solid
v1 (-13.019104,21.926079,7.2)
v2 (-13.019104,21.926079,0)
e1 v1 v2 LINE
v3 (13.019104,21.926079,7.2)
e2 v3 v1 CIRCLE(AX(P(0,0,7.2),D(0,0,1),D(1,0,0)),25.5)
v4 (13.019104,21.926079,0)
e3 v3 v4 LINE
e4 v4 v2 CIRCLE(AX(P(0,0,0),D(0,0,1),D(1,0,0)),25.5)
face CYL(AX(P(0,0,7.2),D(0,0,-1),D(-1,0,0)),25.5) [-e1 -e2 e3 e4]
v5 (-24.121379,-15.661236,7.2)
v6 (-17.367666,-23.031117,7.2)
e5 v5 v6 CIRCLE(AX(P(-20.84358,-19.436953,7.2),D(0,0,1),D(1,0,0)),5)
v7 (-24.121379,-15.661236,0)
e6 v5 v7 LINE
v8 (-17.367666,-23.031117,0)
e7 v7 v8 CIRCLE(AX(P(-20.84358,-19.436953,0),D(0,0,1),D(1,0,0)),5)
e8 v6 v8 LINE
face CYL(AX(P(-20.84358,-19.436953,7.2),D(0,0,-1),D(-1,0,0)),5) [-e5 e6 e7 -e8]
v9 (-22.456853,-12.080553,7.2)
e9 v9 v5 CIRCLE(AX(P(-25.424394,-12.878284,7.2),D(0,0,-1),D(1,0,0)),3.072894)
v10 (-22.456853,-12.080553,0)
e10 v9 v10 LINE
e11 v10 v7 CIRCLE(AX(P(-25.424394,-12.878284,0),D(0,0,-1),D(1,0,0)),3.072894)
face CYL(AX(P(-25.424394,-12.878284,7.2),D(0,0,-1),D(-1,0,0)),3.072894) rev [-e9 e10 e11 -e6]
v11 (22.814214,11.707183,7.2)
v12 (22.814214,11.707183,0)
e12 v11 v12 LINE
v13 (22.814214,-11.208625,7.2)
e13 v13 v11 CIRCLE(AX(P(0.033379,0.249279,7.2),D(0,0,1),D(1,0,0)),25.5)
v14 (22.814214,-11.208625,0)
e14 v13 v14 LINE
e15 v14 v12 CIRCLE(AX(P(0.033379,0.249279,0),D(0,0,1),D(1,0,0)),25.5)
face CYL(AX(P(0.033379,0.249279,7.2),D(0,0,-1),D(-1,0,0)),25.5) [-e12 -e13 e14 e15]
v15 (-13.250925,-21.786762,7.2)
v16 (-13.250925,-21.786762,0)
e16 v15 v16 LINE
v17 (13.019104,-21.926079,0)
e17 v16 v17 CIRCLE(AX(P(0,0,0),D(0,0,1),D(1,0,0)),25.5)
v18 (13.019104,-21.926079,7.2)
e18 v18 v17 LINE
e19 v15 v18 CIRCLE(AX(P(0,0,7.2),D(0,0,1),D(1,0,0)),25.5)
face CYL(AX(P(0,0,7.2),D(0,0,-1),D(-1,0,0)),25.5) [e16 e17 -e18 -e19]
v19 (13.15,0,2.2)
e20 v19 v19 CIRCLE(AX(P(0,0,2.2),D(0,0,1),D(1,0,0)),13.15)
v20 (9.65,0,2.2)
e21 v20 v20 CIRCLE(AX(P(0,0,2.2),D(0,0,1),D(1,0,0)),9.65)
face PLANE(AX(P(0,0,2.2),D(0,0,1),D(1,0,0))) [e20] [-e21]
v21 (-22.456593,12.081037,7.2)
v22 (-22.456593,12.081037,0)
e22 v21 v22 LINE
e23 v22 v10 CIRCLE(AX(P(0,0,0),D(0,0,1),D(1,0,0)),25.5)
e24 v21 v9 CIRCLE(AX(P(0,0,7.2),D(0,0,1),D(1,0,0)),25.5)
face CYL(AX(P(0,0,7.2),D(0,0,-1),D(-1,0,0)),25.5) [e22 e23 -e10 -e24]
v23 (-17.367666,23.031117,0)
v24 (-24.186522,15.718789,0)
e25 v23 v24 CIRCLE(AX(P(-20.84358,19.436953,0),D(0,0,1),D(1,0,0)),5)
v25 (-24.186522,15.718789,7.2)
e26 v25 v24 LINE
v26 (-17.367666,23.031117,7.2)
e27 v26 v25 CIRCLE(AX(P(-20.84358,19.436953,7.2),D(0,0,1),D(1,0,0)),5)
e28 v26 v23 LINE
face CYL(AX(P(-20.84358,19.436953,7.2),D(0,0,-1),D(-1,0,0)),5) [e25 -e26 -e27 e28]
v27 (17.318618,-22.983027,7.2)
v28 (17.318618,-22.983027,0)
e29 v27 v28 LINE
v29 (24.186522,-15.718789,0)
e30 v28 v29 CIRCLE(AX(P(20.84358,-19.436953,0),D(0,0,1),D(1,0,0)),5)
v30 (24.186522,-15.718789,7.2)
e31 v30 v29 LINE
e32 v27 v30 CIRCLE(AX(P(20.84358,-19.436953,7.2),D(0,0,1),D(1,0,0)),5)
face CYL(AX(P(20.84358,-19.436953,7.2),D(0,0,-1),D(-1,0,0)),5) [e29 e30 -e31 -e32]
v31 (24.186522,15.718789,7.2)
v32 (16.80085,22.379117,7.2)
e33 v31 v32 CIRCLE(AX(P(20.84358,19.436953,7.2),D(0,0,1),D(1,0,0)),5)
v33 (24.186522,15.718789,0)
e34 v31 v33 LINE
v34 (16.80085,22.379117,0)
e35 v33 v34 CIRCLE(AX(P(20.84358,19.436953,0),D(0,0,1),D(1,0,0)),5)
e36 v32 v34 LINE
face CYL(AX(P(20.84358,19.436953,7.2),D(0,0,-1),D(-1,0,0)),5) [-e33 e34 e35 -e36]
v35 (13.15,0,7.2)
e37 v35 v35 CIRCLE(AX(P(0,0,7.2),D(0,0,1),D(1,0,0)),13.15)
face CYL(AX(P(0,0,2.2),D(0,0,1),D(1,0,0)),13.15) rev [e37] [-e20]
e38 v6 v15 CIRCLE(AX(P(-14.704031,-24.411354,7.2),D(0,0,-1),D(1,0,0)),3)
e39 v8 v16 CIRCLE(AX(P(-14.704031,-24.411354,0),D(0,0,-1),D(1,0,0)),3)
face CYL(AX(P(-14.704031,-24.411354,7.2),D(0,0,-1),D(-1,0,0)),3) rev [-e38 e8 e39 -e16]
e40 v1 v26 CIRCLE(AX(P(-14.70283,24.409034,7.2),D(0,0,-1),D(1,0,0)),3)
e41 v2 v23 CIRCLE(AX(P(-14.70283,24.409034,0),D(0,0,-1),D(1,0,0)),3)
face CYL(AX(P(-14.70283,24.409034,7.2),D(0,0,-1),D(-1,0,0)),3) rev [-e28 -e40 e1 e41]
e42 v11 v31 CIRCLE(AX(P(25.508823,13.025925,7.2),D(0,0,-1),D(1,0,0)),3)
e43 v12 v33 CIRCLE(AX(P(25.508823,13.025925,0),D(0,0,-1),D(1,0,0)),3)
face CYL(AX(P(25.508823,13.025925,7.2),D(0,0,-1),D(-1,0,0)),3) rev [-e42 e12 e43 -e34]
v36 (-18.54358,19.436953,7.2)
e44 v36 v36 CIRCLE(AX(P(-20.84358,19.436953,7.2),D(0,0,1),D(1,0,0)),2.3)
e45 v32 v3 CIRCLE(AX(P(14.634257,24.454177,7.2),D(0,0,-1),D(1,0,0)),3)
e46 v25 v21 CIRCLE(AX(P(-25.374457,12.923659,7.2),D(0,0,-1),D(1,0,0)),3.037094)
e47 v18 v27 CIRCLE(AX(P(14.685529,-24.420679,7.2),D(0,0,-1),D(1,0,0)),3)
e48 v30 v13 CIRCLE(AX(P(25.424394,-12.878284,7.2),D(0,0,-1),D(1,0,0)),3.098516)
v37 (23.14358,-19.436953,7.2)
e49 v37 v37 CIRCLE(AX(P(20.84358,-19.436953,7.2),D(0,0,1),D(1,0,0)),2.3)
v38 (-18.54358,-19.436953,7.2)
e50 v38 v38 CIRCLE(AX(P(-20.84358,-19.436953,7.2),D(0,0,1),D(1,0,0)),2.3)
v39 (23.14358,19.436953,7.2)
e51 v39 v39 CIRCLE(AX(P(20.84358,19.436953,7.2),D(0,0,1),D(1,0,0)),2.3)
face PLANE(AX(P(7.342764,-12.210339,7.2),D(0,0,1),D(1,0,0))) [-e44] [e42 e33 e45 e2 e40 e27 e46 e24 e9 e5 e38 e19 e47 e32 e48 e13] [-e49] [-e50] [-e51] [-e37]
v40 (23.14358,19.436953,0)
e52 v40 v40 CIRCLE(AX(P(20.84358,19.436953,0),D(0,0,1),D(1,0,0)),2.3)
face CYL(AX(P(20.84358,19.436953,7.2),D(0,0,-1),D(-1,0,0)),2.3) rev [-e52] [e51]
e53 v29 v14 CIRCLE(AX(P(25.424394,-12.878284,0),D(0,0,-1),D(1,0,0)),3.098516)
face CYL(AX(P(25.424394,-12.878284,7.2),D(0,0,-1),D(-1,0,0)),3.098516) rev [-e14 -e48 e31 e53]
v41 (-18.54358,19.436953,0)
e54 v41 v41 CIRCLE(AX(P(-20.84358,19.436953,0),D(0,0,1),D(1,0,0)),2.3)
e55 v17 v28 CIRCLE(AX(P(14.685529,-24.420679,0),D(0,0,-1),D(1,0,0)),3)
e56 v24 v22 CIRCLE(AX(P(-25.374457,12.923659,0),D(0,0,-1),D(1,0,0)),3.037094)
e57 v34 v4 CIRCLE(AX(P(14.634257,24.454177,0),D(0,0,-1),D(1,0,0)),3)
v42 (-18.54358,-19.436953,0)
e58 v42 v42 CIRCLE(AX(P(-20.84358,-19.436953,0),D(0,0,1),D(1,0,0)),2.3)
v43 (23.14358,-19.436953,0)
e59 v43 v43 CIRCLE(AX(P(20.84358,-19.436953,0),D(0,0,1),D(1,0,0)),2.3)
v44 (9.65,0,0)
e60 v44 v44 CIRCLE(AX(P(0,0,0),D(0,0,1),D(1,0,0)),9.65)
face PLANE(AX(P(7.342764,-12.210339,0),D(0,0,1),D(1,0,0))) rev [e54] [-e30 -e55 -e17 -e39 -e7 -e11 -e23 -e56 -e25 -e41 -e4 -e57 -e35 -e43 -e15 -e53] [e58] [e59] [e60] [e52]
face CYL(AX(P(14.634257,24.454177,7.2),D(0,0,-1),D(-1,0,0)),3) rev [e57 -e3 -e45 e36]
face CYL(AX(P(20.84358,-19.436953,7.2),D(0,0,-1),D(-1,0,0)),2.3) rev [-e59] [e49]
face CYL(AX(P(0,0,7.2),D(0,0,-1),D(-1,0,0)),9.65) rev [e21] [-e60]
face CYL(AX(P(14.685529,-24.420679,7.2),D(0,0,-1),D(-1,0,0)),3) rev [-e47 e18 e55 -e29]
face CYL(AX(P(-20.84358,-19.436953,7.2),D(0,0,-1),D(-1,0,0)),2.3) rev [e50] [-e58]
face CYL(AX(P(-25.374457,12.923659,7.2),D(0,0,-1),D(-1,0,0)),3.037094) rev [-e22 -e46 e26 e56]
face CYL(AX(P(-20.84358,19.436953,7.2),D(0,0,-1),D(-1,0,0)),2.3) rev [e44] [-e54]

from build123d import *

# Parameters (mm, degrees)
SKETCH_1_R          = 9.65
SKETCH_1_R_2        = 2.3
EXTRUDE_1_DEPTH     = 7.2
SKETCH_3_R          = 13.15
CUT_EXTRUDE_2_DEPTH = 5


with BuildPart() as part:
    # Эскиз1 → Бобышка-Вытянуть1 (new body)
    with BuildSketch(Plane.XY):
        with BuildLine():
            ThreePointArc((17.318617894, -22.983026957), (24.476839341, -22.871983126), (24.186521915, -15.718789377))
            ThreePointArc((24.186521915, -15.718789377), (22.460060734, -13.780241769), (22.814213614, -11.208625395))
            ThreePointArc((22.814213614, -11.208625395), (25.533378767, 0.249278588), (22.814213614, 11.70718257))
            ThreePointArc((22.814213614, 11.70718257), (22.670312845, 13.996934853), (24.186521915, 15.718789377))
            ThreePointArc((24.186521915, 15.718789377), (24.192075469, 23.150116525), (16.80084997, 22.379117413))
            ThreePointArc((16.80084997, 22.379117413), (14.991093622, 21.475474964), (13.019103812, 21.9260789))
            ThreePointArc((13.019103812, 21.9260789), (0, 25.5), (-13.019103812, 21.9260789))
            ThreePointArc((-13.019103812, 21.9260789), (-15.441695163, 21.501443825), (-17.367665677, 23.031117444))
            ThreePointArc((-17.367665677, 23.031117444), (-24.500349004, 22.846945062), (-24.186521915, 15.718789377))
            ThreePointArc((-24.186521915, 15.718789377), (-22.63170124, 14.227973239), (-22.456592697, 12.081036563))
            ThreePointArc((-22.456592697, 12.081036563), (-25.499999999, 0.00027459), (-22.456852874, -12.080552925))
            ThreePointArc((-22.456852874, -12.080552925), (-22.637866377, -14.173636235), (-24.121378881, -15.66123641))
            ThreePointArc((-24.121378881, -15.66123641), (-24.52985221, -22.815029764), (-17.367665677, -23.031117444))
            ThreePointArc((-17.367665677, -23.031117444), (-15.572046271, -21.539672856), (-13.250925173, -21.786761624))
            ThreePointArc((-13.250925173, -21.786761624), (-0.135231696, -25.499641417), (13.019103812, -21.9260789))
            ThreePointArc((13.019103812, -21.9260789), (15.401695473, -21.507414874), (17.318617894, -22.983026957))
        make_face()
        Circle(SKETCH_1_R, mode=Mode.SUBTRACT)
        with Locations((-20.843580496, -19.436953262)):
            Circle(SKETCH_1_R_2, mode=Mode.SUBTRACT)
        with Locations((20.843580496, -19.436953262)):
            Circle(SKETCH_1_R_2, mode=Mode.SUBTRACT)
        with Locations((20.843580496, 19.436953262)):
            Circle(SKETCH_1_R_2, mode=Mode.SUBTRACT)
        with Locations((-20.843580496, 19.436953262)):
            Circle(SKETCH_1_R_2, mode=Mode.SUBTRACT)
    extrude(amount=EXTRUDE_1_DEPTH)

    # Эскиз3 → Вырез-Вытянуть2 (cut)
    with BuildSketch(Plane.XY.offset(7.2)):
        Circle(SKETCH_3_R)
    extrude(amount=-CUT_EXTRUDE_2_DEPTH, mode=Mode.SUBTRACT)


solid = part.part
